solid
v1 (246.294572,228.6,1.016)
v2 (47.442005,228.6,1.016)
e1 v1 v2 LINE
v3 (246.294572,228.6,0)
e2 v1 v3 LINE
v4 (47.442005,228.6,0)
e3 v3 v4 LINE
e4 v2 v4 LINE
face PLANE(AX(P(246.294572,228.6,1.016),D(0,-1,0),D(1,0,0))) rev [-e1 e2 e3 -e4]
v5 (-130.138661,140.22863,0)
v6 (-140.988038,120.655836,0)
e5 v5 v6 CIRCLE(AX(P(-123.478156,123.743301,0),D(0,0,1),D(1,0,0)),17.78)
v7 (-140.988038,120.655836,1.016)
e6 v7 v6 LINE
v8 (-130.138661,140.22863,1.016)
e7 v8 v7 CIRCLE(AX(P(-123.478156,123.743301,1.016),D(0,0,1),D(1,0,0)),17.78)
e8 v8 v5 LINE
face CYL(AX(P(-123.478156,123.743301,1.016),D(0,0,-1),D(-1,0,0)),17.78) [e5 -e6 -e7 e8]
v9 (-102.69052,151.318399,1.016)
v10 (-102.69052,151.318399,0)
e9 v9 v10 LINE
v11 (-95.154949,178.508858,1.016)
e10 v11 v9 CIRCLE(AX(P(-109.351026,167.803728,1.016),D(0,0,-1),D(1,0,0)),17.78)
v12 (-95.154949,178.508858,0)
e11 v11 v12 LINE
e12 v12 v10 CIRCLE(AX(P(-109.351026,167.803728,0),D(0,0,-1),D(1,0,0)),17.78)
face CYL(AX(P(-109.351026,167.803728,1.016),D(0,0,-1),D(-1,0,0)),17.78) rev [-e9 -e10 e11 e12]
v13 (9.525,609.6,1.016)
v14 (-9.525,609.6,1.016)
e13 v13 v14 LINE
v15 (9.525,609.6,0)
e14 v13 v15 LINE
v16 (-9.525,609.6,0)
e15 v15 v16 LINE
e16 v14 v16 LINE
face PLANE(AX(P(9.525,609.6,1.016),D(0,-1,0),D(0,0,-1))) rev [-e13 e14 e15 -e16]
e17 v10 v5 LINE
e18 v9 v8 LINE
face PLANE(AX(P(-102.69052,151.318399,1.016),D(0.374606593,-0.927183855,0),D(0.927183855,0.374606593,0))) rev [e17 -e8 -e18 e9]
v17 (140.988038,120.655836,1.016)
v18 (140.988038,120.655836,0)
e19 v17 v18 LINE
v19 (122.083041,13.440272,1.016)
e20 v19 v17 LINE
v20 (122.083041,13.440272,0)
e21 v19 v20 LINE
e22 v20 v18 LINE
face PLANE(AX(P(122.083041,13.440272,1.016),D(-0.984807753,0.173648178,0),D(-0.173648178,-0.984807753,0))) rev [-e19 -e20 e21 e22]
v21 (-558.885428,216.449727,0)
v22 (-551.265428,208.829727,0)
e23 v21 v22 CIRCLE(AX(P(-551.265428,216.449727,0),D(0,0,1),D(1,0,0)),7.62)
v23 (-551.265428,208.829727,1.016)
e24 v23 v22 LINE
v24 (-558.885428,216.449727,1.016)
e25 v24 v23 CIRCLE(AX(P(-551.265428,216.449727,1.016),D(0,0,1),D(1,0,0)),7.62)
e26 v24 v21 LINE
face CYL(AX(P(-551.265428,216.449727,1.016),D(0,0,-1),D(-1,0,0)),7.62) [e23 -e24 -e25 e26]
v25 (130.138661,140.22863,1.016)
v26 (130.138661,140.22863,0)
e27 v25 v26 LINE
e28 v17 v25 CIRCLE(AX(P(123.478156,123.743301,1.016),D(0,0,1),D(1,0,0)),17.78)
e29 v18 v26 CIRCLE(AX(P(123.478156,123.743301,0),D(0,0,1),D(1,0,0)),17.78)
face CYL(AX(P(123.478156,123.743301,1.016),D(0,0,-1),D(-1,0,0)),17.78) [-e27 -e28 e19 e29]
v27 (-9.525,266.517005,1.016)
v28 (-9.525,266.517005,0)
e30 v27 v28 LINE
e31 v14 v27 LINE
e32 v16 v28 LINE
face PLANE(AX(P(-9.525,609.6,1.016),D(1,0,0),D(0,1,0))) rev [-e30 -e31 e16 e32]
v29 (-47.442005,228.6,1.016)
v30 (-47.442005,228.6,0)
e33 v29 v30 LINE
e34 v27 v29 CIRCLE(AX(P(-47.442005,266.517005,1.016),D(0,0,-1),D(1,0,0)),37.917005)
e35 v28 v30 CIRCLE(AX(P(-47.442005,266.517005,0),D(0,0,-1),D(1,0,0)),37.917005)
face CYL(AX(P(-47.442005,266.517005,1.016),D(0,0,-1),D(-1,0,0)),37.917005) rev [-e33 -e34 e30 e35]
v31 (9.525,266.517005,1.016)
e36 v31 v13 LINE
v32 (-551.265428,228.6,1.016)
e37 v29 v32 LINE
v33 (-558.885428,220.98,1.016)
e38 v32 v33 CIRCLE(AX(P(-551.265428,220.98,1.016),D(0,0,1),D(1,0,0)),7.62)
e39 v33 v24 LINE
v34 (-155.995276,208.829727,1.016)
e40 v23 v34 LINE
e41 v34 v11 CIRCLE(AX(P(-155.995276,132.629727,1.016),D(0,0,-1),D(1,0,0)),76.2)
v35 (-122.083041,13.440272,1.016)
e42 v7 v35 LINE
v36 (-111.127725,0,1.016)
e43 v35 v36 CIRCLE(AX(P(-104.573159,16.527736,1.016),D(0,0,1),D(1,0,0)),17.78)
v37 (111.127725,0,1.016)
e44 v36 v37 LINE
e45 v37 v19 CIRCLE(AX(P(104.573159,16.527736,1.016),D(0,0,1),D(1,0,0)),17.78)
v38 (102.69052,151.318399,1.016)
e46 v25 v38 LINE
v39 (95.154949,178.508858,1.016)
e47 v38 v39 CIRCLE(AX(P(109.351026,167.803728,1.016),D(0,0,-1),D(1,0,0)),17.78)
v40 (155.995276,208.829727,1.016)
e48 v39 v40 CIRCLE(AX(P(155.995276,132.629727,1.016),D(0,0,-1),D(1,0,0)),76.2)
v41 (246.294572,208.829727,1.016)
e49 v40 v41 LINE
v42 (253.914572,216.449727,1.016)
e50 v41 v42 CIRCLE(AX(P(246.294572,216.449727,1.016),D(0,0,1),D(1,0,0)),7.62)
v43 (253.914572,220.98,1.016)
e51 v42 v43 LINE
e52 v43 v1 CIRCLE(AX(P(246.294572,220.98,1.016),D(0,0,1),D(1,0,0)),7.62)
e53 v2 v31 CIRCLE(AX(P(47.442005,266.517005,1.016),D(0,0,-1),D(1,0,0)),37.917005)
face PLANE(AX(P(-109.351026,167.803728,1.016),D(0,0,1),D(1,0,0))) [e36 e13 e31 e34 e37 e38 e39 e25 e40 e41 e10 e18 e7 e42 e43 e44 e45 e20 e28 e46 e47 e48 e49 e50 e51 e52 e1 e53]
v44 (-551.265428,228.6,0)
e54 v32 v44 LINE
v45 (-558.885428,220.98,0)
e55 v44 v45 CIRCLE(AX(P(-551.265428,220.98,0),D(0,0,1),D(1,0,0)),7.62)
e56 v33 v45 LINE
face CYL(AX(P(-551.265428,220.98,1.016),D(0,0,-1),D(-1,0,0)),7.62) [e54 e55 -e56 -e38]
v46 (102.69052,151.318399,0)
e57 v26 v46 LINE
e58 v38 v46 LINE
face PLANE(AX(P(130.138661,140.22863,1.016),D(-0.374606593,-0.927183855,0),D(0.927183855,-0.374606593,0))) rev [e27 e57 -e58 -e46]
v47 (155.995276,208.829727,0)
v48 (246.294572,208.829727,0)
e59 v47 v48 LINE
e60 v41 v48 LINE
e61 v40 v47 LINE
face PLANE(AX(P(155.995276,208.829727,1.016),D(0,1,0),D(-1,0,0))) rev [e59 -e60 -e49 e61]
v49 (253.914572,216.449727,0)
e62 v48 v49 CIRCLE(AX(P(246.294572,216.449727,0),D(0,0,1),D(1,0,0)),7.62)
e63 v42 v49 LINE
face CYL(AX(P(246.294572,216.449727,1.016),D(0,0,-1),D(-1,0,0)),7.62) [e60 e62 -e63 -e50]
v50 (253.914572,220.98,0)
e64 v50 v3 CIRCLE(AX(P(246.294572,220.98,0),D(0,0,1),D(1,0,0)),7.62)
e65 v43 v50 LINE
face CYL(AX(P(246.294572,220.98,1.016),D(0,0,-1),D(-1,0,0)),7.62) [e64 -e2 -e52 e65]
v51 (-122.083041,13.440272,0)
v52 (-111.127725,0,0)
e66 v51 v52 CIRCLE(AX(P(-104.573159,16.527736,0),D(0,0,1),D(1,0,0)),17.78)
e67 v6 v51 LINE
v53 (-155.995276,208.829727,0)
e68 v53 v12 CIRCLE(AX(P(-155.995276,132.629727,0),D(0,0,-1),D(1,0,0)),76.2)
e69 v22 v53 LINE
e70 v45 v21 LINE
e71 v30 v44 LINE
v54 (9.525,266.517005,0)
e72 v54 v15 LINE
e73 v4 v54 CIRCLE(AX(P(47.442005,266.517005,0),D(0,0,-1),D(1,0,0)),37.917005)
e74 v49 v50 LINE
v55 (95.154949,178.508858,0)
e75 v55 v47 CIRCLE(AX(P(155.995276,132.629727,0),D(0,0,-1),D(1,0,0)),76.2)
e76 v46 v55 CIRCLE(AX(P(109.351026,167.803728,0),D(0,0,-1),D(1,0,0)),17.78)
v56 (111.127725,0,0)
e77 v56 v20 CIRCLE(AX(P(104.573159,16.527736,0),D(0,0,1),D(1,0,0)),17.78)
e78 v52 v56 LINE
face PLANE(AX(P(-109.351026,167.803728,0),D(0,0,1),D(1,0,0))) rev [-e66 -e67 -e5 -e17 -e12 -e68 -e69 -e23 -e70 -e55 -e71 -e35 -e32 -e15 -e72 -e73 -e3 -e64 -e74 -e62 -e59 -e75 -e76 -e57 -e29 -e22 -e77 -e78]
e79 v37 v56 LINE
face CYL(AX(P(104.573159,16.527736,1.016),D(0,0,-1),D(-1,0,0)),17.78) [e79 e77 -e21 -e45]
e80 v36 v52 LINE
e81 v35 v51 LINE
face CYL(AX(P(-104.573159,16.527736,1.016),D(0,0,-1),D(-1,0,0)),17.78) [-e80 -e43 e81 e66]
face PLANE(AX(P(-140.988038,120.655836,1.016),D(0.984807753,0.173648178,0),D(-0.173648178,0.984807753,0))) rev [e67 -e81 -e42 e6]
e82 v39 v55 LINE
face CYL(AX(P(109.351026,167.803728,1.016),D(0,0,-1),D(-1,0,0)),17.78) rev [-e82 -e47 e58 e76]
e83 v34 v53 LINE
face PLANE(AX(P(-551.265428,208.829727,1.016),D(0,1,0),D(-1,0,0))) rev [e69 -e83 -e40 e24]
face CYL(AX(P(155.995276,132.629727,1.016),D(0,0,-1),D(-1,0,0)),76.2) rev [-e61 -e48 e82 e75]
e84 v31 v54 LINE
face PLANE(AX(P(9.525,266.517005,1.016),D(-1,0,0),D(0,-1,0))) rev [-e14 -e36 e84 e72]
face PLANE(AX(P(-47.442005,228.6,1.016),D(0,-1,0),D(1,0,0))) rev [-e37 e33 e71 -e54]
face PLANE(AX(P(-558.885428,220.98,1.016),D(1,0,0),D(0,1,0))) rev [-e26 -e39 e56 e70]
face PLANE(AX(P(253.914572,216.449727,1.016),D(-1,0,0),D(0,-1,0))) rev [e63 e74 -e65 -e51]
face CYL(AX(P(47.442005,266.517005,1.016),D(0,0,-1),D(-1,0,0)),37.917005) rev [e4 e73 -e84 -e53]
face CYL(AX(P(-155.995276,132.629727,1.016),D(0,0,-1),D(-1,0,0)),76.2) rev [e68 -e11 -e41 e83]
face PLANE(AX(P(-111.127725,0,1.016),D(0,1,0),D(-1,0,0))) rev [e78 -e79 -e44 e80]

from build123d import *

# Parameters (mm, degrees)
BOSS_EXTRUDE1_DEPTH = 1.016


with BuildPart() as part:
    # Sketch1 → Boss-Extrude1 (new body)
    with BuildSketch(Plane.XY):
        with BuildLine():
            Line((-102.690520384, 151.318398839), (-130.138661403, 140.228630017))
            ThreePointArc((-130.138661403, 140.228630017), (-139.028894565, 132.36321613), (-140.988038021, 120.655836484))
            Line((-140.988038021, 120.655836484), (-122.083041186, 13.440271634))
            ThreePointArc((-122.083041186, 13.440271634), (-118.354836941, 5.294136523), (-111.127725304, 0))
            Line((-111.127725304, 0), (111.127725304, 0))
            ThreePointArc((111.127725304, 0), (118.354836941, 5.294136523), (122.083041186, 13.440271634))
            Line((122.083041186, 13.440271634), (140.988038021, 120.655836484))
            ThreePointArc((140.988038021, 120.655836484), (139.028894565, 132.36321613), (130.138661403, 140.228630017))
            Line((130.138661403, 140.228630017), (102.690520384, 151.318398839))
            ThreePointArc((102.690520384, 151.318398839), (92.216863272, 163.055161588), (95.154949405, 178.50885833))
            ThreePointArc((95.154949405, 178.50885833), (122.006673364, 200.829543277), (155.995276019, 208.829727371))
            Line((155.995276019, 208.829727371), (246.294572316, 208.829727371))
            ThreePointArc((246.294572316, 208.829727371), (251.682725989, 211.061573699), (253.914572316, 216.449727371))
            Line((253.914572316, 216.449727371), (253.914572316, 220.98))
            ThreePointArc((253.914572316, 220.98), (251.682725989, 226.368153673), (246.294572316, 228.6))
            Line((246.294572316, 228.6), (47.442005026, 228.6))
            ThreePointArc((47.442005026, 228.6), (20.63063365, 239.70563365), (9.525, 266.517005026))
            Line((9.525, 266.517005026), (9.525, 609.6))
            Line((9.525, 609.6), (-9.525, 609.6))
            Line((-9.525, 609.6), (-9.525, 266.517005026))
            ThreePointArc((-9.525, 266.517005026), (-20.63063365, 239.70563365), (-47.442005026, 228.6))
            Line((-47.442005026, 228.6), (-551.265427684, 228.6))
            ThreePointArc((-551.265427684, 228.6), (-556.653581357, 226.368153673), (-558.885427684, 220.98))
            Line((-558.885427684, 220.98), (-558.885427684, 216.449727371))
            ThreePointArc((-558.885427684, 216.449727371), (-556.653581357, 211.061573699), (-551.265427684, 208.829727371))
            Line((-551.265427684, 208.829727371), (-155.995276019, 208.829727371))
            ThreePointArc((-155.995276019, 208.829727371), (-122.006673364, 200.829543277), (-95.154949405, 178.50885833))
            ThreePointArc((-95.154949405, 178.50885833), (-92.216863272, 163.055161588), (-102.690520384, 151.318398839))
        make_face()
    extrude(amount=BOSS_EXTRUDE1_DEPTH)


solid = part.part
